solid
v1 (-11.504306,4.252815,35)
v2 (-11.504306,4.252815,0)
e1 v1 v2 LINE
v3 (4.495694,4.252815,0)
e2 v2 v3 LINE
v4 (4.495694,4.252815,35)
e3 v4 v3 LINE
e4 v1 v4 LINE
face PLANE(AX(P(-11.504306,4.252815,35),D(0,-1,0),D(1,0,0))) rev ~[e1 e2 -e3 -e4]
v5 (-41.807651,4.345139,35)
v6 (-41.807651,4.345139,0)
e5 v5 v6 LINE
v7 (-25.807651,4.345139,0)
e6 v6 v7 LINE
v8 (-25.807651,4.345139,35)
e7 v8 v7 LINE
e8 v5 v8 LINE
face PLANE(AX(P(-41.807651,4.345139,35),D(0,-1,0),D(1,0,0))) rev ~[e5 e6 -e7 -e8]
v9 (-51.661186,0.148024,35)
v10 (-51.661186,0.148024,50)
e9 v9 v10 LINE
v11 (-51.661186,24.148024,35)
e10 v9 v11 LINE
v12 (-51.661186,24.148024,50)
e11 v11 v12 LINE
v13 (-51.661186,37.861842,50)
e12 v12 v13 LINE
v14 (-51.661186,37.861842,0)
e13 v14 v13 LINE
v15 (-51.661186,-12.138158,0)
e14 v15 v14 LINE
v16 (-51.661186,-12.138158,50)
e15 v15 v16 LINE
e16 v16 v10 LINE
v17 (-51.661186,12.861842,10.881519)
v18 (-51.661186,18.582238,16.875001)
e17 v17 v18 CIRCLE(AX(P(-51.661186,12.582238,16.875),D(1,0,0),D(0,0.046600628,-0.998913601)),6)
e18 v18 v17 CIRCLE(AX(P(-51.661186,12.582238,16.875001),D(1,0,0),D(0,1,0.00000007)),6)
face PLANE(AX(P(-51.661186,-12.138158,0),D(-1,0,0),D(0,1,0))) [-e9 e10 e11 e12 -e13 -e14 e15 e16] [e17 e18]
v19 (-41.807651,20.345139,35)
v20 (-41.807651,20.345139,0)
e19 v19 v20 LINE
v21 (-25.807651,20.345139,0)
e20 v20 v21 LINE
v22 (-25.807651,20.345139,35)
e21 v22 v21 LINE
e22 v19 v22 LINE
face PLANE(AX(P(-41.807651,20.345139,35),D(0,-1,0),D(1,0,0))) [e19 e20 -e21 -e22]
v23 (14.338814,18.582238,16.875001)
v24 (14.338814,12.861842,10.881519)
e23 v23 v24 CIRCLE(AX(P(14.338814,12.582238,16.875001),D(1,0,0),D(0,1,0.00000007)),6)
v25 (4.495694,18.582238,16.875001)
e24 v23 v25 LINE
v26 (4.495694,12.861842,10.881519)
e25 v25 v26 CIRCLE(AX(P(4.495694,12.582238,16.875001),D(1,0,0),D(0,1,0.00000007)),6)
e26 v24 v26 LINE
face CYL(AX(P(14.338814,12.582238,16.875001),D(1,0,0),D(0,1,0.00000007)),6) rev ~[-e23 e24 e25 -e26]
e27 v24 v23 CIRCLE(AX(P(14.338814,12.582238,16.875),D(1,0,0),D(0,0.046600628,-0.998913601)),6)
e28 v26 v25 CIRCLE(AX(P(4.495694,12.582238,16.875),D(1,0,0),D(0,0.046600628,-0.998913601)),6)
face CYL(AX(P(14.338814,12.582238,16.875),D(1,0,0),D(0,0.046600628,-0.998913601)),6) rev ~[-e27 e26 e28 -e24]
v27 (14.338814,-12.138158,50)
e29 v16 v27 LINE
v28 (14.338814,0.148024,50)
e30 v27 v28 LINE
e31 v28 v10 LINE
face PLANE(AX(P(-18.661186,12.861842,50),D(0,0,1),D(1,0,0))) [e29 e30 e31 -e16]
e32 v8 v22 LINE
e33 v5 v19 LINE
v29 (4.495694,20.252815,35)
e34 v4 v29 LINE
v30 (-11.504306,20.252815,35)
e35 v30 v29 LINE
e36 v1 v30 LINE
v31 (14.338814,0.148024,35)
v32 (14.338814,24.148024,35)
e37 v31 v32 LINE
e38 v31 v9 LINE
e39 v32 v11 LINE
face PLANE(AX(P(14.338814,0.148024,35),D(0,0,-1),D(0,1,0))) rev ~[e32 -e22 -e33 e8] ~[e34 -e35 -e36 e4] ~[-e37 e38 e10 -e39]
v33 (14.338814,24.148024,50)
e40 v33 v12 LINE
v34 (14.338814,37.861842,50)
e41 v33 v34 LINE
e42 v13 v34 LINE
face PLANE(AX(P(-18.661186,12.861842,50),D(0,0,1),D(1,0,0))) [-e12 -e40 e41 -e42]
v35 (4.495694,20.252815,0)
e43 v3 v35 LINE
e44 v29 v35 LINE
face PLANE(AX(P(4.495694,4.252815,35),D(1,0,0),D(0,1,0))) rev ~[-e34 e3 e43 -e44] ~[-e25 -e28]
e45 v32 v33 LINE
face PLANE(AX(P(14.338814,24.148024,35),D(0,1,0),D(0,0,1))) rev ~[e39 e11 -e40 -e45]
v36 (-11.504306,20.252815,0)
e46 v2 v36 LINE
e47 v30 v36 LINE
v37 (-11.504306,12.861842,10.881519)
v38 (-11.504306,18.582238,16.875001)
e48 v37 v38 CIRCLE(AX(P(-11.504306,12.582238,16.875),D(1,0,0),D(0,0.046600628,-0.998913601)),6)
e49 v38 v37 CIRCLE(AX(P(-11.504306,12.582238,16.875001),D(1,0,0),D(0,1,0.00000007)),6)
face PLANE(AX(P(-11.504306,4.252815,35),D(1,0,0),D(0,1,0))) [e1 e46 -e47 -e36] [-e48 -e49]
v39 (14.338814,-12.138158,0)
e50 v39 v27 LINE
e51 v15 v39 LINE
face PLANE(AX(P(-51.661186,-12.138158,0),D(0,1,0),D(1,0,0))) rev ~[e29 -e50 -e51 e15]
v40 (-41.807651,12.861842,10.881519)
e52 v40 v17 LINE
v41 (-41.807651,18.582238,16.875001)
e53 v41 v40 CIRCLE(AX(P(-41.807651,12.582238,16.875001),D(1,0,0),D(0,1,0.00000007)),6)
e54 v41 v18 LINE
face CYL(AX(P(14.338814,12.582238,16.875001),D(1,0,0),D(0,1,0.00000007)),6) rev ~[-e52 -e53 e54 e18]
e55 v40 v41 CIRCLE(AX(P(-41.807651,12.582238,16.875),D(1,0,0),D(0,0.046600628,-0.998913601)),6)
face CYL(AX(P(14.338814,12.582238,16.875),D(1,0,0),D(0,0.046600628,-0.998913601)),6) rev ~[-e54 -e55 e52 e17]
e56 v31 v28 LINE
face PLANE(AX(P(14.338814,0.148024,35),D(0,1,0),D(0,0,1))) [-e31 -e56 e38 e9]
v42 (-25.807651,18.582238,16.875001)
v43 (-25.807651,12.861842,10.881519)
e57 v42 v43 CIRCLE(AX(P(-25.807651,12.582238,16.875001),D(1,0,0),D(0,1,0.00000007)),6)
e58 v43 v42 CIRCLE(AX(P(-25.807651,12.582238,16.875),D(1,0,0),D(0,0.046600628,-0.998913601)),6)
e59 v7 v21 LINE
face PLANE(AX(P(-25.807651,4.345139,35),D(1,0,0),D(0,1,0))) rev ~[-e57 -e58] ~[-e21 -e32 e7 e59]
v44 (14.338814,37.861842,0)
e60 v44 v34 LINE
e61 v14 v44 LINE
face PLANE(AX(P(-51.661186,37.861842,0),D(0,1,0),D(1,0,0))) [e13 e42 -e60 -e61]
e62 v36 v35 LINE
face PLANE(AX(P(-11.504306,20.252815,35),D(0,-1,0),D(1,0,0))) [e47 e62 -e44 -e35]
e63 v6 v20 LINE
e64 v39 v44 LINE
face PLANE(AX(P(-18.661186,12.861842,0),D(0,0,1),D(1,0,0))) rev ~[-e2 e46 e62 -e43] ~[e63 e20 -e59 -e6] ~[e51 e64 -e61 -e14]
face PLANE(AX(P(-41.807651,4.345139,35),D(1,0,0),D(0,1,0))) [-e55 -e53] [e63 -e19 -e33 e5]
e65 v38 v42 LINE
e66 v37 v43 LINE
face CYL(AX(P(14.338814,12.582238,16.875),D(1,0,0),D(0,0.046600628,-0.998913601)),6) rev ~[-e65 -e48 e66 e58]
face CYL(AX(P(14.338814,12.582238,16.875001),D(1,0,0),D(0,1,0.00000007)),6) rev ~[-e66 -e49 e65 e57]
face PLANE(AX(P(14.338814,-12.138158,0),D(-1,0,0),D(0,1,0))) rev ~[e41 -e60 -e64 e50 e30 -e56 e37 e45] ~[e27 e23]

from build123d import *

# Parameters (mm, degrees)
F0_W     = 66
F0_H     = 50
F1_DEPTH = 50
F2_W     = 24
F2_H     = 15
F3_DEPTH = 66
F6_DEPTH = 66
F7_W     = 16
F7_H     = 16
F8_DEPTH = 50


with BuildPart() as f1:
    # F0 (on Top) → F1 (new body)
    with BuildSketch(Plane.XY):
        with Locations((-18.661186, 12.861842)):
            Rectangle(F0_W, F0_H)
    extrude(amount=F1_DEPTH)

    # F2 (on face) → F3 (cut)
    with BuildSketch(Plane.YZ.offset(14.338814)):
        with Locations((12.148024, 42.5)):
            Rectangle(F2_W, F2_H)
    extrude(amount=-F3_DEPTH, mode=Mode.SUBTRACT)

    # F5 (on face) → F6 (cut)
    with BuildSketch(Plane.YZ.offset(14.338814)):
        with BuildLine():
            ThreePointArc((12.861842, 10.881519), (16.922608, 12.732394), (18.582238, 16.875001))
            ThreePointArc((18.582238, 16.875001), (8.241868, 21.017607), (12.861842, 10.881519))
        make_face()
    extrude(amount=-F6_DEPTH, mode=Mode.SUBTRACT)

    # F7 (on face) → F8 (cut)
    with BuildSketch(Plane.XY.offset(35)):
        with Locations((-33.807651, 12.345139)):
            Rectangle(F7_W, F7_H)
        with Locations((-3.504306, 12.252815)):
            Rectangle(F7_W, F7_H)
    extrude(amount=-F8_DEPTH, mode=Mode.SUBTRACT)


solid = f1.part
